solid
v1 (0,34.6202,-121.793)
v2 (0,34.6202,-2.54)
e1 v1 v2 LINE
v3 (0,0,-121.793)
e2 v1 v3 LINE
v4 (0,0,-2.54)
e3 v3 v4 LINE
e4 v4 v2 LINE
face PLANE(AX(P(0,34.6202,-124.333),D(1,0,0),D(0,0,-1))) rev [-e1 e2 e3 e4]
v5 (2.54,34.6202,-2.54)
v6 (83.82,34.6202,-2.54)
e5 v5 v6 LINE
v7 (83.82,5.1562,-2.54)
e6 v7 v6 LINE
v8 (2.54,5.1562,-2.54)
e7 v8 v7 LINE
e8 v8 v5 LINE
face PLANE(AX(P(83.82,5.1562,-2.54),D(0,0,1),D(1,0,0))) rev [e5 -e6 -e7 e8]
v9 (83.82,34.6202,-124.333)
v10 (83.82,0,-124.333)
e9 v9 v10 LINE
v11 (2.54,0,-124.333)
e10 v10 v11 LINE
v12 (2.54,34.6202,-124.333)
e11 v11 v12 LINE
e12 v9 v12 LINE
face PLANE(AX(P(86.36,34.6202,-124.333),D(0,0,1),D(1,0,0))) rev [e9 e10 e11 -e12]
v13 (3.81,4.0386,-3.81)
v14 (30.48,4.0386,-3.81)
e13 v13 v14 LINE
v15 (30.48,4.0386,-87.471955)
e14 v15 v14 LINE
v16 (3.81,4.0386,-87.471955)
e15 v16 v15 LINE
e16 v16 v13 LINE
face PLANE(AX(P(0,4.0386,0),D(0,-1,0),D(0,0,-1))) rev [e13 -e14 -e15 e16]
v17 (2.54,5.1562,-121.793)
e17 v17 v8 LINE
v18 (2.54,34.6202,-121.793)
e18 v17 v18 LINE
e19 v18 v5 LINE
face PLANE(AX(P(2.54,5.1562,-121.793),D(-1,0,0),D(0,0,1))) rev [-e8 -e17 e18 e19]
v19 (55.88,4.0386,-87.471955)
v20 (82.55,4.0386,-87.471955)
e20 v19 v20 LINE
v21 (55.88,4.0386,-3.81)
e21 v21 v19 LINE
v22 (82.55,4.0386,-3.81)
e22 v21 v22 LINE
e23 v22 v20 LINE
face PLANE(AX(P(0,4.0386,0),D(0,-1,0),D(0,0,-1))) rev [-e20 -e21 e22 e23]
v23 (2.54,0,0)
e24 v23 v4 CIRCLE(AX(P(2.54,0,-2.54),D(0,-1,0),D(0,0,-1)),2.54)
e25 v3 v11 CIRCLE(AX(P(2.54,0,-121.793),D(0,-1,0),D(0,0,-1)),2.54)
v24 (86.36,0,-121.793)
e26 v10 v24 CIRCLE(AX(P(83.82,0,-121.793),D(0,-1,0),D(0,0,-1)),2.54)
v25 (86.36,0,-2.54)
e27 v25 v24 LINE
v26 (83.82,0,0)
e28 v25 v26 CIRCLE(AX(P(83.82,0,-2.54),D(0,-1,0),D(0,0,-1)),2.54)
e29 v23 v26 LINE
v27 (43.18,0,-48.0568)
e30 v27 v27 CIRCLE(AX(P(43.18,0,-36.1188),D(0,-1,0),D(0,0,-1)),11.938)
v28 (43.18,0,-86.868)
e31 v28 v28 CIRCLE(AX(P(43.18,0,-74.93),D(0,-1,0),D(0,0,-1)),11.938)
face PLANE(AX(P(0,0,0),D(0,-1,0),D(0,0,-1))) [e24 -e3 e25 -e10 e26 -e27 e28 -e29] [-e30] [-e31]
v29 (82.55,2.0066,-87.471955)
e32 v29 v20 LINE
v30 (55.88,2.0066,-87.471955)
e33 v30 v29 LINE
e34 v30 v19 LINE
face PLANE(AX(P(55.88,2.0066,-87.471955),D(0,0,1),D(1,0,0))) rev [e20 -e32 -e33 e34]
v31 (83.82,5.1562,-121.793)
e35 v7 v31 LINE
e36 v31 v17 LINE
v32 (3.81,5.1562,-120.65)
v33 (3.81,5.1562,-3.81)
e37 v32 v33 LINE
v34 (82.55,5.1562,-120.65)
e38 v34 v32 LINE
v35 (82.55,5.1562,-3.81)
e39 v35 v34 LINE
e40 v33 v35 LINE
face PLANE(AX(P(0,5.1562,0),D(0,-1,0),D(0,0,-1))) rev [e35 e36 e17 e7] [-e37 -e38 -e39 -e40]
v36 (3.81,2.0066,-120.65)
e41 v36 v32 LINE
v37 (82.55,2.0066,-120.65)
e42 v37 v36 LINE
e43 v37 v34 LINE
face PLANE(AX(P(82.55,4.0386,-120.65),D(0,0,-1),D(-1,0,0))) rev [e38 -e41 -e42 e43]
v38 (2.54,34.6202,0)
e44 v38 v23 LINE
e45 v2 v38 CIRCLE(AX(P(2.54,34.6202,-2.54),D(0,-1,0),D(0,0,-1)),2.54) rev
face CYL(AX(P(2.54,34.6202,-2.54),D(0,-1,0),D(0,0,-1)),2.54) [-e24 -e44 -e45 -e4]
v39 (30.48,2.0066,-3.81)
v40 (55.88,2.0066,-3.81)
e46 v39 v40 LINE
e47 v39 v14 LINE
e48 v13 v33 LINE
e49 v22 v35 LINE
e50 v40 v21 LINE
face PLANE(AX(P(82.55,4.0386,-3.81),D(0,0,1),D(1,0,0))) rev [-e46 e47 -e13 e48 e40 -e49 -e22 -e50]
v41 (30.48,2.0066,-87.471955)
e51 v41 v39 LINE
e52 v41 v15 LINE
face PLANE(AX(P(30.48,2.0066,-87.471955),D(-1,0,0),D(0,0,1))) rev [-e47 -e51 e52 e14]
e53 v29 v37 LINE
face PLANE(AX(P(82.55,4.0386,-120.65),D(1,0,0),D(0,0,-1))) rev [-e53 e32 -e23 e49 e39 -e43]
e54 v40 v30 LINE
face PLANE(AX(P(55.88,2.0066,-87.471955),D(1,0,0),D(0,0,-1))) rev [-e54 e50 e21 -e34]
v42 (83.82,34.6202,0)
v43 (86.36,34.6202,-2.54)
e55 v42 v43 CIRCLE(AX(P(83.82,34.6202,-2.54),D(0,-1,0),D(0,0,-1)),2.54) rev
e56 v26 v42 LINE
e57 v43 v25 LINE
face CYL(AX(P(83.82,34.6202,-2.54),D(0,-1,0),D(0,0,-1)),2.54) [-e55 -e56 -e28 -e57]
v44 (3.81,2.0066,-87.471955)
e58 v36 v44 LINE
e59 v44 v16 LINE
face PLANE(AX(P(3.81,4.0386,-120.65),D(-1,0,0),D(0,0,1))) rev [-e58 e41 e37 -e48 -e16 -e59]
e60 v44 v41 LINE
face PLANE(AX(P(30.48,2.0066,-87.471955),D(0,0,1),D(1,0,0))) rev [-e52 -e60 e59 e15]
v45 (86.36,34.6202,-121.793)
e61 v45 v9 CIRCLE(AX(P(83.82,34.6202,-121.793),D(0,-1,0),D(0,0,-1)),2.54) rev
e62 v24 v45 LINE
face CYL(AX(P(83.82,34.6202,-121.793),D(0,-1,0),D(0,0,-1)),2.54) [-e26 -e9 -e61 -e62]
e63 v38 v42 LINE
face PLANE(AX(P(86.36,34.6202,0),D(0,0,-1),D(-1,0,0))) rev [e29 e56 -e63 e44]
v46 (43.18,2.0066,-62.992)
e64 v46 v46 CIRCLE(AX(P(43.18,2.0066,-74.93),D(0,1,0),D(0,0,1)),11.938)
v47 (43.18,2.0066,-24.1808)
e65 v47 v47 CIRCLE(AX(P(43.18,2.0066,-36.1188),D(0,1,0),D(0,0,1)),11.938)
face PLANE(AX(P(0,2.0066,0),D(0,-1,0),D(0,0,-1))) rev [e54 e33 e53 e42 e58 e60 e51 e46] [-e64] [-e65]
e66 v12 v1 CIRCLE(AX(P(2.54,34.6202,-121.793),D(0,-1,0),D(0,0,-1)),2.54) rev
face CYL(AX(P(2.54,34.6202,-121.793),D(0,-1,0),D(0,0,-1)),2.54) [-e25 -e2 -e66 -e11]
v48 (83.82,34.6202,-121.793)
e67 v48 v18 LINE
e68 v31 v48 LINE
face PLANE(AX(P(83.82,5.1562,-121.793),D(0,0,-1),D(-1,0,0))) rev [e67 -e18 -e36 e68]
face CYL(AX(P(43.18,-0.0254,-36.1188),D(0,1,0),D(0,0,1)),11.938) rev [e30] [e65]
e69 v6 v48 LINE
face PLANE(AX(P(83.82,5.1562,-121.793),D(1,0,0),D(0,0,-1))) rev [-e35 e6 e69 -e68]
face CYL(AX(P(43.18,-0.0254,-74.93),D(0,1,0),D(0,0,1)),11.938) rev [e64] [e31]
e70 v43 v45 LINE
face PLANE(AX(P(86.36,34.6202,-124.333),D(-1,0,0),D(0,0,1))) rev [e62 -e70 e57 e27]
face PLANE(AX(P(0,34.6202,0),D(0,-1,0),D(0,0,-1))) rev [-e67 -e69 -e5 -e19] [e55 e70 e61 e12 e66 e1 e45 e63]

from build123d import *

# Parameters (mm, degrees)
SKETCH1_W           = 86.36
SKETCH1_H           = 124.333
BOSS_EXTRUDE1_DEPTH = 34.6202
SKETCH3_W           = 78.74
SKETCH3_H           = 116.84
CUT_EXTRUDE1_DEPTH  = 30.5816
SKETCH4_W           = 81.28
SKETCH4_H           = 119.253
CUT_EXTRUDE2_DEPTH  = 29.464
CUT_EXTRUDE3_DEPTH  = 2.032
SKETCH8_R           = 11.938
CUT_EXTRUDE4_DEPTH  = 2.032
FILLET1_R           = 2.54


with BuildPart() as part:
    # Sketch1 → Boss-Extrude1 (new body)
    with BuildSketch(Plane(origin=(0, 0, 0), x_dir=(1, 0, 0), z_dir=(0, 1, 0))):
        with Locations((43.18, 62.1665)):
            Rectangle(SKETCH1_W, SKETCH1_H)
    extrude(amount=BOSS_EXTRUDE1_DEPTH)

    # Sketch3 → Cut-Extrude1 (cut)
    with BuildSketch(Plane(origin=(0, 34.6202, 0), x_dir=(1, 0, 0), z_dir=(0, 1, 0))):
        with Locations((43.18, 62.23)):
            Rectangle(SKETCH3_W, SKETCH3_H)
    extrude(amount=-CUT_EXTRUDE1_DEPTH, mode=Mode.SUBTRACT)

    # Sketch4 → Cut-Extrude2 (cut)
    with BuildSketch(Plane(origin=(0, 34.6202, 0), x_dir=(1, 0, 0), z_dir=(0, 1, 0))):
        with Locations((43.18, 62.1665)):
            Rectangle(SKETCH4_W, SKETCH4_H)
    extrude(amount=-CUT_EXTRUDE2_DEPTH, mode=Mode.SUBTRACT)

    # Sketch6 → Cut-Extrude3 (cut)
    with BuildSketch(Plane(origin=(0, 4.0386, 0), x_dir=(1, 0, 0), z_dir=(0, 1, 0))):
        Polygon((3.81, 120.65), (82.55, 120.65), (82.55, 87.471955448), (55.88, 87.471955448), (55.88, 3.81), (30.48, 3.81), (30.48, 87.471955448), (3.81, 87.471955448), align=None)
    extrude(amount=-CUT_EXTRUDE3_DEPTH, mode=Mode.SUBTRACT)

    # Sketch8 → Cut-Extrude4 (cut)
    with BuildSketch(Plane(origin=(0, 2.0066, 0), x_dir=(1, 0, 0), z_dir=(0, 1, 0))):
        with Locations(Location((43.18, 36.1188, 0), (0, 0, 270))):
            Circle(SKETCH8_R)
        with Locations(Location((43.18, 74.93, 0), (0, 0, 270))):
            Circle(SKETCH8_R)
    extrude(amount=-CUT_EXTRUDE4_DEPTH, mode=Mode.SUBTRACT)

    # Fillet1
    fillet1_edges = [part.edges().sort_by_distance(p)[0] for p in [
        (86.36, 17.3101, 0),
        (0, 17.3101, 0),
        (0, 17.3101, -124.333),
        (86.36, 17.3101, -124.333),
    ]]
    fillet(fillet1_edges, radius=FILLET1_R)


solid = part.part
